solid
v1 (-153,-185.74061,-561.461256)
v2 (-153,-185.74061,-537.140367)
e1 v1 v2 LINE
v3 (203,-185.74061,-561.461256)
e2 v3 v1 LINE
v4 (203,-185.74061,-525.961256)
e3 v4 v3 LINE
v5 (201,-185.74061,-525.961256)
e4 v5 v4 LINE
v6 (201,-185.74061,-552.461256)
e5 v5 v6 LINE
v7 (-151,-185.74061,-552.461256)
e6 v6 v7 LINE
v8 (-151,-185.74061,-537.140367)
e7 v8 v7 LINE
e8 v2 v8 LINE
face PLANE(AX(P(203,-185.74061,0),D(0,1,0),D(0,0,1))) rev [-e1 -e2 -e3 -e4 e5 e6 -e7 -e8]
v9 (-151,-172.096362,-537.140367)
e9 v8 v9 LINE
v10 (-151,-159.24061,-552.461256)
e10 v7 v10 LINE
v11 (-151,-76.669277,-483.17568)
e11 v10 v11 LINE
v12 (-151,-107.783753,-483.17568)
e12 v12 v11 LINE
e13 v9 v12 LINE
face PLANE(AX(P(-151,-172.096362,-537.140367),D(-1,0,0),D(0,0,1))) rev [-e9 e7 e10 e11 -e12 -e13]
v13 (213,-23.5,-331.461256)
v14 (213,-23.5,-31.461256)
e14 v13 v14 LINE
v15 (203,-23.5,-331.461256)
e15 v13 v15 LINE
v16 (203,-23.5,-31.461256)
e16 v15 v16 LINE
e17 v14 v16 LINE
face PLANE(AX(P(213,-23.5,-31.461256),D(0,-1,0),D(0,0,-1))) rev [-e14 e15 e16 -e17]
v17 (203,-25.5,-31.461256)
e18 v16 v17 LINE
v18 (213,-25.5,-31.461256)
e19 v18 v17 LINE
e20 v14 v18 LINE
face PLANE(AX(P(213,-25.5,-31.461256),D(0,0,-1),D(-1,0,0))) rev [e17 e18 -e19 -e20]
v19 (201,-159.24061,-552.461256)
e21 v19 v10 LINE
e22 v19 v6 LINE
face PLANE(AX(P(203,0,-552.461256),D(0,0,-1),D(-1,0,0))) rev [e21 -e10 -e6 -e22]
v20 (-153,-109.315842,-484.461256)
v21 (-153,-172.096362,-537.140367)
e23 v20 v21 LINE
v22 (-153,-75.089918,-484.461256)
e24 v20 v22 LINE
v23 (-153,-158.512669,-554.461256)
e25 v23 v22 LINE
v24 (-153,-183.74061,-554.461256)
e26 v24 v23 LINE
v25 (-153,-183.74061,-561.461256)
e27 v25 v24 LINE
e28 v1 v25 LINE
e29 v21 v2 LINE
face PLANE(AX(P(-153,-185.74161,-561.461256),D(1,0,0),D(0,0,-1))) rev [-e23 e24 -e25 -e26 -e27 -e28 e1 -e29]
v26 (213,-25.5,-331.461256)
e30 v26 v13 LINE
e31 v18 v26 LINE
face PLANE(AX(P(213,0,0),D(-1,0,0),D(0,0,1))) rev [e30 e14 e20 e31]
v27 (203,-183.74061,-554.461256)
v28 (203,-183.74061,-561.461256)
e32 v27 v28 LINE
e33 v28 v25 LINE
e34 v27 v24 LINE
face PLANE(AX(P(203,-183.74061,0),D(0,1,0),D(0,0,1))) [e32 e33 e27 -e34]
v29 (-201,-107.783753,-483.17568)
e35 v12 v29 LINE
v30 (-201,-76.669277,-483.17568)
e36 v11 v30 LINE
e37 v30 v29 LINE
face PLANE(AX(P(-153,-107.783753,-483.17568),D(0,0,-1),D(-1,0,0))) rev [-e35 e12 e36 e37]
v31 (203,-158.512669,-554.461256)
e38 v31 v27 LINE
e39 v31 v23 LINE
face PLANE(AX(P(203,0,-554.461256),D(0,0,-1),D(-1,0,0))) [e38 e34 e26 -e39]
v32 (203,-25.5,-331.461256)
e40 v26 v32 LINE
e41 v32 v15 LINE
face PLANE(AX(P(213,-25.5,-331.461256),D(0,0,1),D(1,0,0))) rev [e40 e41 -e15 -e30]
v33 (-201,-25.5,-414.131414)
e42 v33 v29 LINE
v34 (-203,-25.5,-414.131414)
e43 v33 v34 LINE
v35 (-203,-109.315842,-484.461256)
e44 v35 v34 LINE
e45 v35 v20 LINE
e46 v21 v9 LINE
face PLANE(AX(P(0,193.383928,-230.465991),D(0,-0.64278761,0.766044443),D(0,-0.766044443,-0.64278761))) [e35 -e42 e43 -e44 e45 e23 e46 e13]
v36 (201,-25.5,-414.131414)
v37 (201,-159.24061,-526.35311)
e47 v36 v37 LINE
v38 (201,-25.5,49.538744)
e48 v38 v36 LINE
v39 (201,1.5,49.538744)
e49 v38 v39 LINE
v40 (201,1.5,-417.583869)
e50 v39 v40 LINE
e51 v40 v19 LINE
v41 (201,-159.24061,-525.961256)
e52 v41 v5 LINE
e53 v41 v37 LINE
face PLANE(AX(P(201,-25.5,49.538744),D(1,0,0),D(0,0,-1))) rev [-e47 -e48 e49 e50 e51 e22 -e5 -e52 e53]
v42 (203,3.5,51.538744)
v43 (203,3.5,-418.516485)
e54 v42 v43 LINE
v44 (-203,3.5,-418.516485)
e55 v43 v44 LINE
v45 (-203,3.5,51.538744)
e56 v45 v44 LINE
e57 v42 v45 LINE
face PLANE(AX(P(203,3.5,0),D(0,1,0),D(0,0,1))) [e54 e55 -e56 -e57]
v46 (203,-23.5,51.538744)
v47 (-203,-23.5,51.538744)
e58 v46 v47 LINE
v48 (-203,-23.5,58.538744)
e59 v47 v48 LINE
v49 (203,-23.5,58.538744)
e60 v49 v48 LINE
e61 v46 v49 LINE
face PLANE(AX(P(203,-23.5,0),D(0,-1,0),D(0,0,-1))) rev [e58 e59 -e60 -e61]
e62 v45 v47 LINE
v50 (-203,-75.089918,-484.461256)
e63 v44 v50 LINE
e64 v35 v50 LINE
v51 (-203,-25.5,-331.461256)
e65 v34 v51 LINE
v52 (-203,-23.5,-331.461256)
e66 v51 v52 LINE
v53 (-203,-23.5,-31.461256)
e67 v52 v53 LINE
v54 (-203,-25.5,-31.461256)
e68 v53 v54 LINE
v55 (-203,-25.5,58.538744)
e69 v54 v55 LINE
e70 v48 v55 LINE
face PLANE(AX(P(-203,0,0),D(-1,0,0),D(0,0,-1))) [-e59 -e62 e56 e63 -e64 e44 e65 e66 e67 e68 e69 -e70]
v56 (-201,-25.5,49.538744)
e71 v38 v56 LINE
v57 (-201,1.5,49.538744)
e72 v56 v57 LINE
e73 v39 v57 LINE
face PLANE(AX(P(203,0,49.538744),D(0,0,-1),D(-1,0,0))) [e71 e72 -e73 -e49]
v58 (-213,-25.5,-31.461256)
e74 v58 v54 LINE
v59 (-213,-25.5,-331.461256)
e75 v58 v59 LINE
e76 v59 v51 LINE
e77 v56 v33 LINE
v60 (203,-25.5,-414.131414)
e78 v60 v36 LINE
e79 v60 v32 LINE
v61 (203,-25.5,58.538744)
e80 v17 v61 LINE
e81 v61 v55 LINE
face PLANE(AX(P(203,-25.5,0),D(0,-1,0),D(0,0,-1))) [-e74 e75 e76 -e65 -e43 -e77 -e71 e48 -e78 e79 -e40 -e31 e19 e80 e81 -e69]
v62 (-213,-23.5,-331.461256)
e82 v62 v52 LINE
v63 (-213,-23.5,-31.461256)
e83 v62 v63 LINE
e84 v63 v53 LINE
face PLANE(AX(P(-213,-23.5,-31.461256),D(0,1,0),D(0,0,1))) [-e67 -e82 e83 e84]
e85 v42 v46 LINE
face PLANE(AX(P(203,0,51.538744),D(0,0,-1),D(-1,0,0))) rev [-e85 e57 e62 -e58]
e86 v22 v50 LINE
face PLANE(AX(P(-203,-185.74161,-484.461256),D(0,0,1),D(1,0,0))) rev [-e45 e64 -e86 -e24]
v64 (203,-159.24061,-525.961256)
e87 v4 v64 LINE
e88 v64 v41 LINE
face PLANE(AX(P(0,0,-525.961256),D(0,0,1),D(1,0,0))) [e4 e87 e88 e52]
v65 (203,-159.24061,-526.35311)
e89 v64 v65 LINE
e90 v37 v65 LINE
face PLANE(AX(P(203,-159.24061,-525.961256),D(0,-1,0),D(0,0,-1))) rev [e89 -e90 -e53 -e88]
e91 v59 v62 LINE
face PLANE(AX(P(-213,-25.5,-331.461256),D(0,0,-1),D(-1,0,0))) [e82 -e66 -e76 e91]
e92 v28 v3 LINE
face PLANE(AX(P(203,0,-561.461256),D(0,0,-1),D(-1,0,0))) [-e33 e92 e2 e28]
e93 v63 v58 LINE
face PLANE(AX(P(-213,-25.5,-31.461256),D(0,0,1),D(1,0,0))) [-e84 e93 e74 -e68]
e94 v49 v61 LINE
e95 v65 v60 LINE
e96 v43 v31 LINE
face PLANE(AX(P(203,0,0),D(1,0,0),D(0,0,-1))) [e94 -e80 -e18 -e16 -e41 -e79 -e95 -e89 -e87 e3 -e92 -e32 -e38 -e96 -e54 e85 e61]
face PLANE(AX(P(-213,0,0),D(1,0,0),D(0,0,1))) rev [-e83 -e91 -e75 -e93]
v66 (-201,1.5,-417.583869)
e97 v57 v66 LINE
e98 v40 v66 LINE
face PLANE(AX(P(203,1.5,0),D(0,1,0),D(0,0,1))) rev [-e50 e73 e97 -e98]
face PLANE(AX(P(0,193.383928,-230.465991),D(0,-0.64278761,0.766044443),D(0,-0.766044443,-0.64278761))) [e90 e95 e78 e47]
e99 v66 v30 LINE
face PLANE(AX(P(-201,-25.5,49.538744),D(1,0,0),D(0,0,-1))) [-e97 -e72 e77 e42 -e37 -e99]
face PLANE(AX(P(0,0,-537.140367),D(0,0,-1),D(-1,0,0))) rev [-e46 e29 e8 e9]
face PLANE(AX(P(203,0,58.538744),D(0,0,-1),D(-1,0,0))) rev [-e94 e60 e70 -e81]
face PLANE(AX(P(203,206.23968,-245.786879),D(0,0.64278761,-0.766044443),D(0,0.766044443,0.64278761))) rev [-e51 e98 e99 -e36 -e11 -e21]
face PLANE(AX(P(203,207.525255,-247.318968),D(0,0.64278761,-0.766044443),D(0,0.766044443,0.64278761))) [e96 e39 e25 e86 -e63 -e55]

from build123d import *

# Parameters (mm, degrees)
BOSS_EXTRUDE1_DEPTH  = 203
SKETCH4_W            = 2
SKETCH4_H            = 467.122613679
BOSS_EXTRUDE4_DEPTH  = 27
SKETCH5_W            = 2
SKETCH5_H            = 209.8319636
BOSS_EXTRUDE5_DEPTH  = 20
SKETCH6_W            = 2
SKETCH6_H            = 26.5
BOSS_EXTRUDE6_DEPTH  = 26.5
SKETCH14_W           = 300
SKETCH14_H           = 2
BOSS_EXTRUDE10_DEPTH = 10
SKETCH8_W            = 50
SKETCH8_H            = 77
CUT_EXTRUDE1_DEPTH   = 189.24061
BOSS_EXTRUDE7_DEPTH  = 48
SKETCH11_W           = 2
SKETCH11_H           = 107.789220226
BOSS_EXTRUDE8_DEPTH  = 20
CUT_EXTRUDE2_DEPTH   = 2
SKETCH13_W           = 2
SKETCH13_H           = 26.5
BOSS_EXTRUDE9_DEPTH  = 15.320889


with BuildPart() as part:
    # Sketch2 → Boss-Extrude1 (new body)
    with BuildSketch(Plane(origin=(0, 0, 0), x_dir=(0, 0, -1), z_dir=(1, 0, 0))):
        Polygon((-49.538744354, 1.5), (-49.538744354, -25.5), (-58.538744354, -25.5), (-58.538744354, -23.5), (-51.538744354, -23.5), (-51.538744354, 3.5), (418.516484641, 3.5), (554.461255643, -158.512669236), (554.461255643, -183.740609705), (561.461255643, -183.740609705), (561.461255643, -185.740609705), (552.461255643, -185.740609705), (552.461255643, -159.240609705), (417.583869325, 1.5), align=None)
    boss_extrude1 = extrude(amount=BOSS_EXTRUDE1_DEPTH)

    # Sketch4 → Boss-Extrude4 (add)
    with BuildSketch(Plane(origin=(0, 1.5, 0), x_dir=(-1, 0, 0), z_dir=(0, -1, 0))):
        with Locations((-202, 184.022562486)):
            Rectangle(SKETCH4_W, SKETCH4_H)
    boss_extrude4 = extrude(amount=BOSS_EXTRUDE4_DEPTH)

    # Sketch5 → Boss-Extrude5 (add)
    with BuildSketch(Plane(origin=(0, 206.239679889, -245.786879443), x_dir=(1, 0, 0), z_dir=(0, -0.6427876096865444, 0.7660444431189738))):
        with Locations((202, -372.184652342)):
            Rectangle(SKETCH5_W, SKETCH5_H)
    boss_extrude5 = extrude(amount=BOSS_EXTRUDE5_DEPTH)

    # Sketch6 → Boss-Extrude6 (add)
    with BuildSketch(Plane.XY.offset(-552.461255643)):
        with Locations((202, -172.490609705)):
            Rectangle(SKETCH6_W, SKETCH6_H)
    boss_extrude6 = extrude(amount=BOSS_EXTRUDE6_DEPTH)

    # Sketch14 → Boss-Extrude10 (add)
    with BuildSketch(Plane(origin=(203, 0, 0), x_dir=(0, 0, -1), z_dir=(1, 0, 0))):
        with Locations((181.461255646, -24.5)):
            Rectangle(SKETCH14_W, SKETCH14_H)
    boss_extrude10 = extrude(amount=BOSS_EXTRUDE10_DEPTH)

    # Mirror3: Boss-Extrude1, Boss-Extrude4, Boss-Extrude5, Boss-Extrude6, Boss-Extrude10 across plane
    add(boss_extrude1.mirror(Plane(origin=(0, 0, 0), x_dir=(0, 0, 1), z_dir=(1, 0, 0))))
    add(boss_extrude4.mirror(Plane(origin=(0, 0, 0), x_dir=(0, 0, 1), z_dir=(1, 0, 0))))
    add(boss_extrude5.mirror(Plane(origin=(0, 0, 0), x_dir=(0, 0, 1), z_dir=(1, 0, 0))))
    add(boss_extrude6.mirror(Plane(origin=(0, 0, 0), x_dir=(0, 0, 1), z_dir=(1, 0, 0))))
    add(boss_extrude10.mirror(Plane(origin=(0, 0, 0), x_dir=(0, 0, 1), z_dir=(1, 0, 0))))

    # Sketch8 → Cut-Extrude1 (cut)
    with BuildSketch(Plane(origin=(0, 3.5, 0), x_dir=(1, 0, 0), z_dir=(0, 1, 0))):
        with Locations((-178, 522.961255643)):
            Rectangle(SKETCH8_W, SKETCH8_H)
    extrude(amount=-CUT_EXTRUDE1_DEPTH, mode=Mode.SUBTRACT)

    # Sketch10 → Boss-Extrude7 (add)
    with BuildSketch(Plane(origin=(-201, 0, 0), x_dir=(0, 0, -1), z_dir=(1, 0, 0))):
        Polygon((484.461255643, -109.315841945), (484.461255643, -78.201365408), (483.175680424, -76.669276522), (483.175680424, -107.783753059), align=None)
    extrude(amount=BOSS_EXTRUDE7_DEPTH)

    # Sketch11 → Boss-Extrude8 (add)
    with BuildSketch(Plane(origin=(0, 206.239679889, -245.786879443), x_dir=(1, 0, 0), z_dir=(0, -0.6427876096865444, 0.7660444431189738))):
        with Locations((-152, -423.206024029)):
            Rectangle(SKETCH11_W, SKETCH11_H)
    extrude(amount=BOSS_EXTRUDE8_DEPTH)

    # Sketch12 → Cut-Extrude2 (cut)
    with BuildSketch(Plane.ZY.offset(153)):
        Polygon((-483.175680424, -76.669276522), (-483.175680424, -107.783753059), (-467.854791561, -89.525028716), align=None)
    extrude(amount=-CUT_EXTRUDE2_DEPTH, mode=Mode.SUBTRACT)

    # Sketch13 → Boss-Extrude9 (add)
    with BuildSketch(Plane.XY.offset(-552.461255643)):
        with Locations((-152, -172.490609705)):
            Rectangle(SKETCH13_W, SKETCH13_H)
    extrude(amount=BOSS_EXTRUDE9_DEPTH)


solid = part.part
